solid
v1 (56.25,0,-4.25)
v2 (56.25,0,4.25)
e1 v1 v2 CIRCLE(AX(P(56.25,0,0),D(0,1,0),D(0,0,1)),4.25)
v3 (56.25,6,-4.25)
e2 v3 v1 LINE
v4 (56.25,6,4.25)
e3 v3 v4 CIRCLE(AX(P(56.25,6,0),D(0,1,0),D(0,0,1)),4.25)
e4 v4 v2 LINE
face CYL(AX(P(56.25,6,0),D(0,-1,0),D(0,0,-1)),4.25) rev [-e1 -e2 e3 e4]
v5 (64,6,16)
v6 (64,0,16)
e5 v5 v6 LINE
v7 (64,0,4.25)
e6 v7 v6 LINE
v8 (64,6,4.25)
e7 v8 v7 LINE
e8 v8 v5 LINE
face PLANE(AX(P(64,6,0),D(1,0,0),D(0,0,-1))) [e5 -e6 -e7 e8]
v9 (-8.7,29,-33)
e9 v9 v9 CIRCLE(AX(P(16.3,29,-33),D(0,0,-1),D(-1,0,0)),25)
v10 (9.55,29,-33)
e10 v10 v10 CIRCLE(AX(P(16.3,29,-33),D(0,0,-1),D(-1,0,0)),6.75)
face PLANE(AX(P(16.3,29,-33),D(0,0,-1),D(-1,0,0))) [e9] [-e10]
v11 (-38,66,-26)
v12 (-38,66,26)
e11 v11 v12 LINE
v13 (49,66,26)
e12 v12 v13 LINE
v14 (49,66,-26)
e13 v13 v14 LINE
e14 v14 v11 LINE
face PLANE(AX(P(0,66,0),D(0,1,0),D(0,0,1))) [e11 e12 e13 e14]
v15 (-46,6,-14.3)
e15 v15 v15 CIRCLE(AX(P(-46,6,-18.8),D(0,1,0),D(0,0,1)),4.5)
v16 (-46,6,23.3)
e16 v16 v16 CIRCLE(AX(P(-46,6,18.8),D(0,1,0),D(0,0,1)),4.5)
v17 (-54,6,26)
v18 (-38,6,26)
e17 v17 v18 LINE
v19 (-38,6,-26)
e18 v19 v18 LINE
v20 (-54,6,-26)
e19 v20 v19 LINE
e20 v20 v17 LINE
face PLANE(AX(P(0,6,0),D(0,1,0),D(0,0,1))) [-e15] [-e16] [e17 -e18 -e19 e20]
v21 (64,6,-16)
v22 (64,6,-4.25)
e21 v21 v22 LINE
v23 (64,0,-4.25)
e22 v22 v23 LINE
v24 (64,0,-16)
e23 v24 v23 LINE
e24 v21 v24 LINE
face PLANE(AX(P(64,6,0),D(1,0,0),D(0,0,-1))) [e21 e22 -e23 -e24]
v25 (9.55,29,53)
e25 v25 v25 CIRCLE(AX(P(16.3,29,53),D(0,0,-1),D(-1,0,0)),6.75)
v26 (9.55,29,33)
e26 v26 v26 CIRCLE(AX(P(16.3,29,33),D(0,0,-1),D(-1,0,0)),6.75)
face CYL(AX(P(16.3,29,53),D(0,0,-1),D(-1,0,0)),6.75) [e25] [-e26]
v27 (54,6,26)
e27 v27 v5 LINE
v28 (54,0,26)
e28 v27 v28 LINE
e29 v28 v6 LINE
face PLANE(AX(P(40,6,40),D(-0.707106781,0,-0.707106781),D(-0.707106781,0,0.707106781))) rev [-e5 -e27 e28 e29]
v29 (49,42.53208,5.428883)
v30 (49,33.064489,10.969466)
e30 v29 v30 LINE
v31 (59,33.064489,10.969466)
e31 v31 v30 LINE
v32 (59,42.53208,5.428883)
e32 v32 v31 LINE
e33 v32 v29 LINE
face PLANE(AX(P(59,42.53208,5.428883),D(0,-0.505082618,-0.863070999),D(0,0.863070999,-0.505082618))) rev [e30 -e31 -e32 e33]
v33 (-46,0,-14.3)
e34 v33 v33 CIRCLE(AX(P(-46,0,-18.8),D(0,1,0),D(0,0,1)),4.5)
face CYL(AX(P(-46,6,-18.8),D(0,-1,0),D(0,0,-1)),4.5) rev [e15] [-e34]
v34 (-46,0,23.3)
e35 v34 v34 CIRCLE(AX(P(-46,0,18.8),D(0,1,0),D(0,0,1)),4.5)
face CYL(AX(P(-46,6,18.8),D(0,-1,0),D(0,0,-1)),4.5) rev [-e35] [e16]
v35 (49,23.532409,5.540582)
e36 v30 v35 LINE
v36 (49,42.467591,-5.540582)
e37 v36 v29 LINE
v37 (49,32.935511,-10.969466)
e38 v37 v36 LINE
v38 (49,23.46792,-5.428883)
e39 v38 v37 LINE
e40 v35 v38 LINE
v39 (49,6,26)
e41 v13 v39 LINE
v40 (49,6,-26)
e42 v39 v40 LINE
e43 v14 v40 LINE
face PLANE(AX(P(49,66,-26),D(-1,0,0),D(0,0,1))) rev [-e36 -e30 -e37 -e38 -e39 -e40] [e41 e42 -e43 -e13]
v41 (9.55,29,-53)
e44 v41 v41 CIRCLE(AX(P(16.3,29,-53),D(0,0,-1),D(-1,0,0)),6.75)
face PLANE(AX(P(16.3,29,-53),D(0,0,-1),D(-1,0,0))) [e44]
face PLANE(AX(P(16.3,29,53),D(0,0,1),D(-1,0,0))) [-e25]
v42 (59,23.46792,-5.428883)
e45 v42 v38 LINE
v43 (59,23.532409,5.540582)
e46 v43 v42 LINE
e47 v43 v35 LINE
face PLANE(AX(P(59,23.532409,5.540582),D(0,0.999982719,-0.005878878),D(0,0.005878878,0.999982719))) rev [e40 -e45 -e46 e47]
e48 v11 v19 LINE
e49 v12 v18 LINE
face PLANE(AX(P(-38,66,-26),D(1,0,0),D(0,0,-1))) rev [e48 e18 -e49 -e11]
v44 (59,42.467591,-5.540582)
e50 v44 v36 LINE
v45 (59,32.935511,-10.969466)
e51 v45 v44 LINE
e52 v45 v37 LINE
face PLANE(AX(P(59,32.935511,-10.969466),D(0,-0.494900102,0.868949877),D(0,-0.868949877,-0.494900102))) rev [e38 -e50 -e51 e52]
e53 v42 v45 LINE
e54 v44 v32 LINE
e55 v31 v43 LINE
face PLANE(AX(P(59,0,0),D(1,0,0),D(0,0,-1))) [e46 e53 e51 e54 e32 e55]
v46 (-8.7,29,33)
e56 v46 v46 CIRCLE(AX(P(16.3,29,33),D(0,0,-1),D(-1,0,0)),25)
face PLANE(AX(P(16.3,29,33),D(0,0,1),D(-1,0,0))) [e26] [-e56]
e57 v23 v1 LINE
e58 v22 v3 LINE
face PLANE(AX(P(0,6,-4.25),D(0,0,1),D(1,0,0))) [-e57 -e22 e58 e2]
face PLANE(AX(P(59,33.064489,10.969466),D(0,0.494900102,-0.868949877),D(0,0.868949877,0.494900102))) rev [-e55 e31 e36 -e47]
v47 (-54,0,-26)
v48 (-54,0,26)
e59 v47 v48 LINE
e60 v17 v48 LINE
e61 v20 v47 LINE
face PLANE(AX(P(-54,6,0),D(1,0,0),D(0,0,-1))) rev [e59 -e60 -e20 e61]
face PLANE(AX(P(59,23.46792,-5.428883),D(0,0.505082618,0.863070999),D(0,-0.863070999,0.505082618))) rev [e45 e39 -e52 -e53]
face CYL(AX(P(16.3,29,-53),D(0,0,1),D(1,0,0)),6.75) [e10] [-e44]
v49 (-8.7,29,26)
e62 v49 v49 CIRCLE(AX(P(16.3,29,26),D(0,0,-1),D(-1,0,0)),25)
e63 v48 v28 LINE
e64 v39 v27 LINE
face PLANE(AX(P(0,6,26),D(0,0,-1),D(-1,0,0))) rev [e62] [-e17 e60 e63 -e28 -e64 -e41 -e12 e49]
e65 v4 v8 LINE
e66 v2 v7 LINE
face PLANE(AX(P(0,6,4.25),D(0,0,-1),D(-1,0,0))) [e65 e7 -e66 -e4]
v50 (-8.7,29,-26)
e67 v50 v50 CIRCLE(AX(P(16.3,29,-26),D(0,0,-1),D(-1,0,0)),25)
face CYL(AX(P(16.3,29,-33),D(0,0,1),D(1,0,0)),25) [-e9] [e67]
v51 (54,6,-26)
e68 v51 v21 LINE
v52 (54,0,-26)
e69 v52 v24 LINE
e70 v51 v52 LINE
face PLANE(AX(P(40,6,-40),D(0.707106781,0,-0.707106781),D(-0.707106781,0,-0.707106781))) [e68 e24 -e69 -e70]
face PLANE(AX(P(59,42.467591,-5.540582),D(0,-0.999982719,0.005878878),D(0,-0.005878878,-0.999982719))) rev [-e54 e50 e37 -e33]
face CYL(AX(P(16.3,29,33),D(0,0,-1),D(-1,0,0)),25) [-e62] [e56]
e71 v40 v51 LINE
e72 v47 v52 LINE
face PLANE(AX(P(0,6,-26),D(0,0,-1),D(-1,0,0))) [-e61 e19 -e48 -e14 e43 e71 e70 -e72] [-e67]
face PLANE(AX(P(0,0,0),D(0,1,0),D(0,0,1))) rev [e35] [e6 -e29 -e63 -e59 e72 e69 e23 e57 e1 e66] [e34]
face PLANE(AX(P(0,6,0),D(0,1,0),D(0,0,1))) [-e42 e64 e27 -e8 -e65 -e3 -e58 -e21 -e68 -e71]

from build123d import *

# Parameters (mm, degrees)
SZKIC1_R                    = 4.5
DODANIE_WYCI_GNI_CIE1_DEPTH = 6
SZKIC2_W                    = 87
SZKIC2_H                    = 52
DODANIE_WYCI_GNI_CIE2_DEPTH = 60
SZKIC3_R                    = 25
DODANIE_WYCI_GNI_CIE3_DEPTH = 7
SZKIC4_R                    = 6.75
DODANIE_WYCI_GNI_CIE4_DEPTH = 20
DODANIE_WYCI_GNI_CIE5_DEPTH = 10


with BuildPart() as part:
    # Szkic1 → Dodanie-wyciągnięcie1 (new body)
    with BuildSketch(Plane(origin=(0, 0, 0), x_dir=(1, 0, 0), z_dir=(0, 1, 0))):
        with BuildLine():
            Line((64, 16), (54, 26))
            Line((54, 26), (-54, 26))
            Line((-54, 26), (-54, -26))
            Line((-54, -26), (54, -26))
            Line((54, -26), (64, -16))
            Line((64, -16), (64, -4.25))
            Line((64, -4.25), (56.25, -4.25))
            ThreePointArc((56.25, -4.25), (52, 0), (56.25, 4.25))
            Line((56.25, 4.25), (64, 4.25))
            Line((64, 4.25), (64, 16))
        make_face()
        with Locations(Location((-46, -18.8, 0), (0, 0, 270))):
            Circle(SZKIC1_R, mode=Mode.SUBTRACT)
        with Locations(Location((-46, 18.8, 0), (0, 0, 270))):
            Circle(SZKIC1_R, mode=Mode.SUBTRACT)
    extrude(amount=DODANIE_WYCI_GNI_CIE1_DEPTH)

    # Szkic2 → Dodanie-wyciągnięcie2 (add)
    with BuildSketch(Plane(origin=(0, 6, 0), x_dir=(1, 0, 0), z_dir=(0, 1, 0))):
        with Locations((5.5, 0)):
            Rectangle(SZKIC2_W, SZKIC2_H)
    extrude(amount=DODANIE_WYCI_GNI_CIE2_DEPTH)

    # Szkic3 → Dodanie-wyciągnięcie3 (add)
    with BuildSketch(Plane(origin=(0, 0, -26), x_dir=(-1, 0, 0), z_dir=(0, 0, -1))):
        with Locations((-16.3, 29)):
            Circle(SZKIC3_R)
    dodanie_wyci_gni_cie3 = extrude(amount=DODANIE_WYCI_GNI_CIE3_DEPTH)

    # Szkic4 → Dodanie-wyciągnięcie4 (add)
    with BuildSketch(Plane(origin=(0, 0, -33), x_dir=(-1, 0, 0), z_dir=(0, 0, -1))):
        with Locations((-16.3, 29)):
            Circle(SZKIC4_R)
    dodanie_wyci_gni_cie4 = extrude(amount=DODANIE_WYCI_GNI_CIE4_DEPTH)

    # Lustro1: Dodanie-wyciągnięcie3, Dodanie-wyciągnięcie4 across plane
    add(dodanie_wyci_gni_cie3.mirror(Plane.XY))
    add(dodanie_wyci_gni_cie4.mirror(Plane.XY))

    # Szkic5 → Dodanie-wyciągnięcie5 (add)
    with BuildSketch(Plane(origin=(49, 0, 0), x_dir=(0, 0, -1), z_dir=(1, 0, 0))):
        Polygon((5.428883431, 23.467919533), (10.969465551, 32.935510732), (5.54058212, 42.467591199), (-5.428883431, 42.532080467), (-10.969465551, 33.064489268), (-5.54058212, 23.532408801), align=None)
    extrude(amount=DODANIE_WYCI_GNI_CIE5_DEPTH)


solid = part.part
